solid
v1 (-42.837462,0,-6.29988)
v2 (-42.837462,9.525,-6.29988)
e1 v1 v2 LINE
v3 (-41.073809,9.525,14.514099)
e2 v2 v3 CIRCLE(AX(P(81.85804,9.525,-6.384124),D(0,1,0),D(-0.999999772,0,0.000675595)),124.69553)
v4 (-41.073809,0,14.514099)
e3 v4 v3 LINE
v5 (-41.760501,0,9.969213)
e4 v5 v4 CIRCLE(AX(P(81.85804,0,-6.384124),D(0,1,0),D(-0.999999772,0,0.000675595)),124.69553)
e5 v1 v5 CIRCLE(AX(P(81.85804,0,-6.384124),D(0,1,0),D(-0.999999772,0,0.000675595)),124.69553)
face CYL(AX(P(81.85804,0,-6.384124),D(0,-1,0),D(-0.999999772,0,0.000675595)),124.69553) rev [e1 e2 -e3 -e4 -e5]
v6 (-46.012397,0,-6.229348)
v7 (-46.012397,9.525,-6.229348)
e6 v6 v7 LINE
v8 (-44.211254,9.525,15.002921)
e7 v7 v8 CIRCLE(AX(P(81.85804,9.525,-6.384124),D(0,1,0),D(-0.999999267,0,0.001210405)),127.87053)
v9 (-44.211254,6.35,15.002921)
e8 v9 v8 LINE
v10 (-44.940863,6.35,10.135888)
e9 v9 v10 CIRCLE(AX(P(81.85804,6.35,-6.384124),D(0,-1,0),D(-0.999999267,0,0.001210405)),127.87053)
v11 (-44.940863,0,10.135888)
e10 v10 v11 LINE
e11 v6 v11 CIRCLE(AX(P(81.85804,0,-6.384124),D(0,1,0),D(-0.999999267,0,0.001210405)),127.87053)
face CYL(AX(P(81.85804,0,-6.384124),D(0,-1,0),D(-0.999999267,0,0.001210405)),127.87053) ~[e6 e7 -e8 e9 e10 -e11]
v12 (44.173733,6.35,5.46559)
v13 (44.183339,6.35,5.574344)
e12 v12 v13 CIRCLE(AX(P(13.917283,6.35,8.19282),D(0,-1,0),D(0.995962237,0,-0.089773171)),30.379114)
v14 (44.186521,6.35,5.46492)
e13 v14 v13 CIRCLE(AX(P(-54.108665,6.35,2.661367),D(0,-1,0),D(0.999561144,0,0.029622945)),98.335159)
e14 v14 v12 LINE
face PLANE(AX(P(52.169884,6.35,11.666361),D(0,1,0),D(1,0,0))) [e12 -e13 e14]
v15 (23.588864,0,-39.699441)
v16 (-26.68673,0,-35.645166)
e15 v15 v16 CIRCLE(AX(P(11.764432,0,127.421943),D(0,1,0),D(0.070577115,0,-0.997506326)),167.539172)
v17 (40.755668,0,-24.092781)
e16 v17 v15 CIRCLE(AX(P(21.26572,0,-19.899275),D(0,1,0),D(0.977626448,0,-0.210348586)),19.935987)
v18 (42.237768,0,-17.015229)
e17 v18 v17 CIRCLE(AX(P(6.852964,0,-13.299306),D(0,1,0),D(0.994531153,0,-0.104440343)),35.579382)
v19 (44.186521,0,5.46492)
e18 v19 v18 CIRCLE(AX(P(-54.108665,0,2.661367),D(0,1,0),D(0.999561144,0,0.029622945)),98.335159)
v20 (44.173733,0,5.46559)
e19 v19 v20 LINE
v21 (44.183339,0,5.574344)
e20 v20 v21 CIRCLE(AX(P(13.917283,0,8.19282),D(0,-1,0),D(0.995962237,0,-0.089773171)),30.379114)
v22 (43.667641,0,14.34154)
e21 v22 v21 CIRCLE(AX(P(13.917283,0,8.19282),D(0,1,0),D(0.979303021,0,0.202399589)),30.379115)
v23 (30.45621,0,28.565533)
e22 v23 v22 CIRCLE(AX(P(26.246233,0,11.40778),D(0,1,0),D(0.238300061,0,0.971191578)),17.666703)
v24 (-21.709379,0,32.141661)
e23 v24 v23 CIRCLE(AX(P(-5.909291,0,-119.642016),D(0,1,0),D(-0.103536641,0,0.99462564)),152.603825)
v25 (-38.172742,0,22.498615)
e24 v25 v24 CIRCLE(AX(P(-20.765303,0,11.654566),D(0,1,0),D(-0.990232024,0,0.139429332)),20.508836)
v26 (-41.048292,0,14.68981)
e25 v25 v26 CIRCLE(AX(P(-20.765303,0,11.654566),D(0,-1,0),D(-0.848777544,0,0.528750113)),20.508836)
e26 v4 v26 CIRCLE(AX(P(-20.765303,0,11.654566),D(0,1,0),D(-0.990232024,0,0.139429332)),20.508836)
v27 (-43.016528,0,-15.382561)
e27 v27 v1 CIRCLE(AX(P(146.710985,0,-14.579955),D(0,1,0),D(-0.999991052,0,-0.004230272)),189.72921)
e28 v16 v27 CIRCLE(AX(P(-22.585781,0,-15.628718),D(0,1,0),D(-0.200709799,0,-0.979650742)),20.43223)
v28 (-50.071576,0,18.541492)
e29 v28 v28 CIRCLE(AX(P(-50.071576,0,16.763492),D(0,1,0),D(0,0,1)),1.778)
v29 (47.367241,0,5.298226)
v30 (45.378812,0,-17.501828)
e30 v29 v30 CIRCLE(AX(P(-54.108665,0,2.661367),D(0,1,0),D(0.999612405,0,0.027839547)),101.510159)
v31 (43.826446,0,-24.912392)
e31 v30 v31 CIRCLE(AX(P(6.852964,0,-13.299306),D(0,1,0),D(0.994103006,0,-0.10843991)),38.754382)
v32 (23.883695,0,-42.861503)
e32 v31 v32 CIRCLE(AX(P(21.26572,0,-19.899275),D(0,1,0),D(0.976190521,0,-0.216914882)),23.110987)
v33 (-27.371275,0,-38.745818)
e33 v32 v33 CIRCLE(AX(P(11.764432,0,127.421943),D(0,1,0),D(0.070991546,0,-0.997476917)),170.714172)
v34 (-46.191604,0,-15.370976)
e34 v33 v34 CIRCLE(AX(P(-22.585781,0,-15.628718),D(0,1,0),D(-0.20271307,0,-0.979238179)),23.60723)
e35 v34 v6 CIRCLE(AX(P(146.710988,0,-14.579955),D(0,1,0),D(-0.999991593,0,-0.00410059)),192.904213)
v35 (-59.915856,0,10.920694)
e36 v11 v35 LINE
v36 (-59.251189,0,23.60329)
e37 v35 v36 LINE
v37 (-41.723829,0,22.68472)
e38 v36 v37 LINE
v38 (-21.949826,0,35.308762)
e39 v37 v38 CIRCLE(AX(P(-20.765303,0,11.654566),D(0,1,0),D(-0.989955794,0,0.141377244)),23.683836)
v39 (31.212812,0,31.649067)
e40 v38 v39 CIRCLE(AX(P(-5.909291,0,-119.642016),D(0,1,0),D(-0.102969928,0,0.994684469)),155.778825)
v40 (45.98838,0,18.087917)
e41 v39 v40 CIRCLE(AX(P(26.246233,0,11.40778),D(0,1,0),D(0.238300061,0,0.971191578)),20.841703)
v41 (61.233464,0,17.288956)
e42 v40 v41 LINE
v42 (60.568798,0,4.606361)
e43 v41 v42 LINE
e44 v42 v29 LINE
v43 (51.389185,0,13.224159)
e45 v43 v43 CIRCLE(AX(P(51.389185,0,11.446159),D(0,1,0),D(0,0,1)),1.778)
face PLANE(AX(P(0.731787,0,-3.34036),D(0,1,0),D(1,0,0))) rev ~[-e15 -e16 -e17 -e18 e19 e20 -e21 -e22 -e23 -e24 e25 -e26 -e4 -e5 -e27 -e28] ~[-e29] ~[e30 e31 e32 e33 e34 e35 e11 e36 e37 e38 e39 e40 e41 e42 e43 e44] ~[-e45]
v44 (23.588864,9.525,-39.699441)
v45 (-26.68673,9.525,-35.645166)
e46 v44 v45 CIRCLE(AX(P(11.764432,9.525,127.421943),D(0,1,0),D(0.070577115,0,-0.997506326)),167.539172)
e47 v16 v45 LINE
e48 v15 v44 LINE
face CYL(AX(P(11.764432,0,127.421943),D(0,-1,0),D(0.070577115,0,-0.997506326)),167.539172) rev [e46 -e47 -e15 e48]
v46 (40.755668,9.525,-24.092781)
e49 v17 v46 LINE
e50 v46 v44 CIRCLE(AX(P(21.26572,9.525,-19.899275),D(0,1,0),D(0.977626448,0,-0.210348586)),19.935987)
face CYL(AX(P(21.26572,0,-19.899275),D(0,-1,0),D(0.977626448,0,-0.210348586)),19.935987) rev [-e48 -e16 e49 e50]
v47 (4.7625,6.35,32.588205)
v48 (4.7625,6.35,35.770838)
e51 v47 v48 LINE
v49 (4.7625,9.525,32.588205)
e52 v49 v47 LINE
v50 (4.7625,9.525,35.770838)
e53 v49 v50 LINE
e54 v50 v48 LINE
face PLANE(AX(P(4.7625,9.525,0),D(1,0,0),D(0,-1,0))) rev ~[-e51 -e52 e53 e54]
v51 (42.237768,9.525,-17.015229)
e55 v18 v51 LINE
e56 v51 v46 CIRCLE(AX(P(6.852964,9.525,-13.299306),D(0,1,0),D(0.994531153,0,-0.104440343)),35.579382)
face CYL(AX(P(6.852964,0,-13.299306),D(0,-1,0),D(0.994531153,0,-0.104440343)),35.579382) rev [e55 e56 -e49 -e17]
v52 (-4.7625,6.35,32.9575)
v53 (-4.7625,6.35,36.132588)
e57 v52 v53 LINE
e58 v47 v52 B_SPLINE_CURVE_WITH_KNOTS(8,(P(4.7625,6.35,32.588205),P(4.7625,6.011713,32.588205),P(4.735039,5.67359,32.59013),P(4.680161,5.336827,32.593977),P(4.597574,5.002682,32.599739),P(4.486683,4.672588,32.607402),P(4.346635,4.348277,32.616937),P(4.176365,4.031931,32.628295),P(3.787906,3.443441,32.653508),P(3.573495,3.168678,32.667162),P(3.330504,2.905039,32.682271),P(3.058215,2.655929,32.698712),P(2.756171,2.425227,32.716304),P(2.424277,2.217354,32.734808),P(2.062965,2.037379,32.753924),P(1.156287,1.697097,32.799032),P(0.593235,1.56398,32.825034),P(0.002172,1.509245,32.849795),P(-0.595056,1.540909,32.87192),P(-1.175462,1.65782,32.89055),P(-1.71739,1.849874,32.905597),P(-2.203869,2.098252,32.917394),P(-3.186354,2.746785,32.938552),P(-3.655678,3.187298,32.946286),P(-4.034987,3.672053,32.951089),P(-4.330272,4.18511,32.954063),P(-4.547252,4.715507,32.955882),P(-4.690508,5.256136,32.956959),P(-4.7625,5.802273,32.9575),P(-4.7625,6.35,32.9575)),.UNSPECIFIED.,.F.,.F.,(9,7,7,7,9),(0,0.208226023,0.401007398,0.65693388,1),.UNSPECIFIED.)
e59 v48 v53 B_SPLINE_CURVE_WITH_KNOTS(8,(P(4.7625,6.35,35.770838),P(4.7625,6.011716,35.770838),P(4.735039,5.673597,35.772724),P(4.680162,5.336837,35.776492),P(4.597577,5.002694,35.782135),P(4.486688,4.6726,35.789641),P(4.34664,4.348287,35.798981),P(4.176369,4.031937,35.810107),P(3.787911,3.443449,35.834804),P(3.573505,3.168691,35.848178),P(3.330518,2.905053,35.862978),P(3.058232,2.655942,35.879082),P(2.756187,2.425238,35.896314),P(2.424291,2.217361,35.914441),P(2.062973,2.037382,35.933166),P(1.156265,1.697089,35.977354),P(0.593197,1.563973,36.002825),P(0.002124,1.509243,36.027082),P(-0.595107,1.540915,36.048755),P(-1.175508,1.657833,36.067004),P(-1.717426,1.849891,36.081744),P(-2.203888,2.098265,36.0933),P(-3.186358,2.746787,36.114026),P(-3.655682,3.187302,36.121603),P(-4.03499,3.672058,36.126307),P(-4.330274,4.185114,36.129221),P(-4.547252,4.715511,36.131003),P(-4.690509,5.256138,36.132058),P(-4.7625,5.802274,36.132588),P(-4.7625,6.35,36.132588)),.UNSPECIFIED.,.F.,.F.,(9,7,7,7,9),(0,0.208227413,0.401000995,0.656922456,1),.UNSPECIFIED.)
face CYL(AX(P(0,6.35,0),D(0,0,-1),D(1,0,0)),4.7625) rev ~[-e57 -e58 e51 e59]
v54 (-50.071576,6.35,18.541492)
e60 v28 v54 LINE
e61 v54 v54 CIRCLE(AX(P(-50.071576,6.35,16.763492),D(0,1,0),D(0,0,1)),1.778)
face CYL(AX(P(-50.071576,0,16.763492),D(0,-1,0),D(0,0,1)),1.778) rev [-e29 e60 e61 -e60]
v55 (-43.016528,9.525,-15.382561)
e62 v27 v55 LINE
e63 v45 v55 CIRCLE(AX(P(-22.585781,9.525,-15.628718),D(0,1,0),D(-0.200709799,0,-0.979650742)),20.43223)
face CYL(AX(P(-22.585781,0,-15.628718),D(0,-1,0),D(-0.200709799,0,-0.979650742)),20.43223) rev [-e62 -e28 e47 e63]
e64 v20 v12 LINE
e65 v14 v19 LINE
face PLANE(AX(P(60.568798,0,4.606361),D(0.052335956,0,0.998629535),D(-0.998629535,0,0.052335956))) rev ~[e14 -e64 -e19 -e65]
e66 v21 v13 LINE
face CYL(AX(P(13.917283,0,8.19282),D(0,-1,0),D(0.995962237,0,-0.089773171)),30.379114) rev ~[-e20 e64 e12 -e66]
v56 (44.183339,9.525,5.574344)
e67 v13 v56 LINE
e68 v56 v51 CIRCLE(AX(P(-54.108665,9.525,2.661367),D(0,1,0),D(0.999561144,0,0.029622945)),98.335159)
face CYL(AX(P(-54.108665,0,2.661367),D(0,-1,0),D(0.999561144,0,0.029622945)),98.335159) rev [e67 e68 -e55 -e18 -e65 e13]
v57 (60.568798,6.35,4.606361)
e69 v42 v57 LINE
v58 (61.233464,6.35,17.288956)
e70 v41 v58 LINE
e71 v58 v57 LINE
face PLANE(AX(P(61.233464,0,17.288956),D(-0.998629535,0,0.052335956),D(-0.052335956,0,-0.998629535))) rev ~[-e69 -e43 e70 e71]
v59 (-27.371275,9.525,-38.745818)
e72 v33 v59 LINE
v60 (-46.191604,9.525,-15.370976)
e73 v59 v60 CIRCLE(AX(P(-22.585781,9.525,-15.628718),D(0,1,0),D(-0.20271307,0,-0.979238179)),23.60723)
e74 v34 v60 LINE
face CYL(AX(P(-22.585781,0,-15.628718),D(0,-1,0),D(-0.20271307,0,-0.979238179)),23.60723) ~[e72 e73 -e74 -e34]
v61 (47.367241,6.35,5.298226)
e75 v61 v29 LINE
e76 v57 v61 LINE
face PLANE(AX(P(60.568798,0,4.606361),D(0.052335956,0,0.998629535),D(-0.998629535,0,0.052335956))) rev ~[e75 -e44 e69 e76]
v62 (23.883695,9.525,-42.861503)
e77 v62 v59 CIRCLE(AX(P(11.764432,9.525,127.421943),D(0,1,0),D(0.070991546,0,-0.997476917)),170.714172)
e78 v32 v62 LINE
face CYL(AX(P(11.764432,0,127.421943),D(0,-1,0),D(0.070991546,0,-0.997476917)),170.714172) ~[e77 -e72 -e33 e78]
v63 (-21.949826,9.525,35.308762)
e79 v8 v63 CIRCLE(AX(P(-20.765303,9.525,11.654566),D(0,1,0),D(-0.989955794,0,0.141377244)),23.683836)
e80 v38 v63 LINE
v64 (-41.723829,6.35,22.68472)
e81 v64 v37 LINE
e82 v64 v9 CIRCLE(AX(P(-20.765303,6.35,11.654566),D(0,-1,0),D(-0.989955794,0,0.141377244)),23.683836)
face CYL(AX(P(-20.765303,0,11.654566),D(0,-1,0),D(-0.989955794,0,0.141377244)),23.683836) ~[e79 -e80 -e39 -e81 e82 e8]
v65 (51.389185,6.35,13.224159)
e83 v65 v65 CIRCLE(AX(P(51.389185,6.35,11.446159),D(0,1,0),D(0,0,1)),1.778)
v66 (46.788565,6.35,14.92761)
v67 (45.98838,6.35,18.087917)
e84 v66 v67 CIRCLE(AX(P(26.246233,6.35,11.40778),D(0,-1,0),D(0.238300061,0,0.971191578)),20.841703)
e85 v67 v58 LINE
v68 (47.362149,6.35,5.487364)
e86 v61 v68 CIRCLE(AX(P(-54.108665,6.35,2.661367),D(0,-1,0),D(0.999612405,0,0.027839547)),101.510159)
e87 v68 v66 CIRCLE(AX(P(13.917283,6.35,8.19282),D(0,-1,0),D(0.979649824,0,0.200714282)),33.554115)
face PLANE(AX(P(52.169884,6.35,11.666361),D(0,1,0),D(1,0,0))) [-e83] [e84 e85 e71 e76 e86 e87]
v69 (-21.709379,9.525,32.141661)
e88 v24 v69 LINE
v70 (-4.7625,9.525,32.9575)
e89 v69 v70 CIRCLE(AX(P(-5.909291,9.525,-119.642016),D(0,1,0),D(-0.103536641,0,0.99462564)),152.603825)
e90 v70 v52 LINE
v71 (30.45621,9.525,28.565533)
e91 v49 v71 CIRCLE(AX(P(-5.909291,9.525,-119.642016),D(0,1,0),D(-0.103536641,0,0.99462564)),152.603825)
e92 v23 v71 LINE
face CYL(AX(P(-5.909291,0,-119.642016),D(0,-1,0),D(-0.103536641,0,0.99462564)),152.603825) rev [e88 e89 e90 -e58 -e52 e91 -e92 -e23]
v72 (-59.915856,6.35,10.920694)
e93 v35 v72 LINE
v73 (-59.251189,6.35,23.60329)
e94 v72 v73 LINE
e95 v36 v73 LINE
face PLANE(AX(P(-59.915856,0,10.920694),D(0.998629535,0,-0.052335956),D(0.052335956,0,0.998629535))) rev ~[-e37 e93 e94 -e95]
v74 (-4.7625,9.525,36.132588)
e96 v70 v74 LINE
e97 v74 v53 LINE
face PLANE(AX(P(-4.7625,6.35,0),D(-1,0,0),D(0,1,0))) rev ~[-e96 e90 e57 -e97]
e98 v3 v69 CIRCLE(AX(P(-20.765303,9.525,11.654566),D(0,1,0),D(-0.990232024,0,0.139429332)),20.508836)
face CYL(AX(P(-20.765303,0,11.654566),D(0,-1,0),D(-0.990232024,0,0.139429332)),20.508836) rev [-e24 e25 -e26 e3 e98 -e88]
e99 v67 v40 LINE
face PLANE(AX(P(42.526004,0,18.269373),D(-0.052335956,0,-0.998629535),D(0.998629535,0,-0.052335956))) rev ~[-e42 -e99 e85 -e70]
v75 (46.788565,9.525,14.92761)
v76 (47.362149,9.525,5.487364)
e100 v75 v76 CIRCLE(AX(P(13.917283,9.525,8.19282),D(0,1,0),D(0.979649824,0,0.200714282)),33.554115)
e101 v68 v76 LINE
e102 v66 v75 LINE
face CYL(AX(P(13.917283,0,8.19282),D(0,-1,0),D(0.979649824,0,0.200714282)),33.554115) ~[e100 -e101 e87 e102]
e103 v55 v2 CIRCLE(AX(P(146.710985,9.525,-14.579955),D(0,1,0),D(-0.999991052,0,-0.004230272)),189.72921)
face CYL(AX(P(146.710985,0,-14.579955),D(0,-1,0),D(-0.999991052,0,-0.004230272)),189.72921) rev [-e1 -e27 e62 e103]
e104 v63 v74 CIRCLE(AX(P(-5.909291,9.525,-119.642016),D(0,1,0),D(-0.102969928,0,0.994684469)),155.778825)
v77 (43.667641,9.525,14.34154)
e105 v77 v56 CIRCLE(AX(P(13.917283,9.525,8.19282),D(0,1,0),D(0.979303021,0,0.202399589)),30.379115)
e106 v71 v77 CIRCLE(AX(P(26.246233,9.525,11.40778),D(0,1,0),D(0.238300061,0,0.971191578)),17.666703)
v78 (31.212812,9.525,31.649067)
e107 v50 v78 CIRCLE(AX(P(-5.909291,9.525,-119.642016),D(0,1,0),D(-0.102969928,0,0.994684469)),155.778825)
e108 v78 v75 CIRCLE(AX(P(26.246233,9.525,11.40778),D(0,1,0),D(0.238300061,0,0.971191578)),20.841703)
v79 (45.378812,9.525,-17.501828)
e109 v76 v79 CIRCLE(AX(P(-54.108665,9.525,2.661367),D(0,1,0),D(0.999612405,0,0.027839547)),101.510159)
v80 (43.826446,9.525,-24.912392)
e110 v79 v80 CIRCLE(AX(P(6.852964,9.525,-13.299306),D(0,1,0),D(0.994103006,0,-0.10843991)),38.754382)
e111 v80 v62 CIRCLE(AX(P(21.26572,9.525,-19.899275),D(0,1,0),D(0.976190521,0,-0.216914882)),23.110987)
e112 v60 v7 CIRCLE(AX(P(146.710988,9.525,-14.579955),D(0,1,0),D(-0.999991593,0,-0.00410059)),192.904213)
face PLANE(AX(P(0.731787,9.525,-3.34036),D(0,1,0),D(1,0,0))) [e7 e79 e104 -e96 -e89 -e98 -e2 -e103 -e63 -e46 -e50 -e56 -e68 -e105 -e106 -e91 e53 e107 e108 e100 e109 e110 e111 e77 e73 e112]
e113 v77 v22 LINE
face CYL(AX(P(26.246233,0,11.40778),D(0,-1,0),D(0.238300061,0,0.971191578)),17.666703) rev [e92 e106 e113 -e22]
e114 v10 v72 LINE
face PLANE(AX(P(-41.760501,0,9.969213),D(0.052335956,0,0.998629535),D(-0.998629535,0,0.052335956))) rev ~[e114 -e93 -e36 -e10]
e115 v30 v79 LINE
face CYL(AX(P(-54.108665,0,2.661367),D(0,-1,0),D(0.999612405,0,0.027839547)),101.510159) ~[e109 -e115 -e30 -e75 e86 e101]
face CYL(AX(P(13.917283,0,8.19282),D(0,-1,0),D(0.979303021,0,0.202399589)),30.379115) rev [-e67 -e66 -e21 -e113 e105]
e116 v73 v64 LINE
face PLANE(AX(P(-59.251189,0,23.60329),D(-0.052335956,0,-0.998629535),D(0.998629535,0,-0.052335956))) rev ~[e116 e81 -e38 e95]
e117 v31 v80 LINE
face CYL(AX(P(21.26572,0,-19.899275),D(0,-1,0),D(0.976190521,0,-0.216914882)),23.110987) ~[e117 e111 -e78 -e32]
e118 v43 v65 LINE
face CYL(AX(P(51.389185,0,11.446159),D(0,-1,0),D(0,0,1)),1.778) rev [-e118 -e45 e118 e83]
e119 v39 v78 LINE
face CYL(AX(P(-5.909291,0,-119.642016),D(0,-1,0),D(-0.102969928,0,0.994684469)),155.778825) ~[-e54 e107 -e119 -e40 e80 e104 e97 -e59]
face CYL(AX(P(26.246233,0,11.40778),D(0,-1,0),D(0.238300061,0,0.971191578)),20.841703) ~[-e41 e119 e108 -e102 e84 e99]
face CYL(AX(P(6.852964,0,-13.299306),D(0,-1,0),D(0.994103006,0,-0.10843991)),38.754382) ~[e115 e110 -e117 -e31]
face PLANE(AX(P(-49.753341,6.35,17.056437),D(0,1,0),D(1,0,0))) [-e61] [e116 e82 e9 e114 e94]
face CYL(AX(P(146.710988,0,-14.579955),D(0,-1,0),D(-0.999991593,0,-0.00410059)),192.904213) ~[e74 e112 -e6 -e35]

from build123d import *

# Parameters (mm, degrees)
BOSS_EXTRUDE1_DEPTH = 9.525
SKETCH3_R           = 1.778
BOSS_EXTRUDE2_DEPTH = 6.35
CUT_EXTRUDE1_DEPTH  = 62.992


with BuildPart() as part:
    # Sketch2 → Boss-Extrude1 (new body)
    with BuildSketch(Plane(origin=(0, 0, 0), x_dir=(1, 0, 0), z_dir=(0, 1, 0))):
        with BuildLine():
            ThreePointArc((-27.371275132, 38.745818095), (-40.973617499, 30.433742494), (-46.191603644, 15.370975839))
            ThreePointArc((-46.191603644, 15.370975839), (-46.156170212, 10.799100226), (-46.01239655, 6.229348451))
            ThreePointArc((-46.01239655, 6.229348451), (-45.554867394, -4.424369785), (-44.211253726, -15.00292108))
            ThreePointArc((-44.211253726, -15.00292108), (-36.72609395, -29.152486681), (-21.949825784, -35.308761743))
            ThreePointArc((-21.949825784, -35.308761743), (4.789142288, -35.769006094), (31.212812312, -31.649066671))
            ThreePointArc((31.212812312, -31.649066671), (41.496738573, -25.613366213), (46.788564963, -14.927609673))
            ThreePointArc((46.788564963, -14.927609673), (47.409631974, -10.227797309), (47.362149343, -5.487364219))
            ThreePointArc((47.362149343, -5.487364219), (47.025821725, 6.063769752), (45.378811544, 17.501827706))
            ThreePointArc((45.378811544, 17.501827706), (44.784036993, 21.245111147), (43.826445822, 24.912391724))
            ThreePointArc((43.826445822, 24.912391724), (36.726457071, 37.077263766), (23.883695238, 42.861502743))
            ThreePointArc((23.883695238, 42.861502743), (-1.899636761, 42.744509754), (-27.371275132, 38.745818095))
        make_face()
        with BuildLine():
            ThreePointArc((-26.686729853, 35.645166459), (-38.494719431, 28.449859817), (-43.016527849, 15.382560778))
            ThreePointArc((-43.016527849, 15.382560778), (-42.981363707, 10.840148441), (-42.837461763, 6.299879882))
            ThreePointArc((-42.837461763, 6.299879882), (-42.392238342, -4.14410464), (-41.073809227, -14.514098915))
            ThreePointArc((-41.073809227, -14.514098915), (-34.571127727, -26.820697593), (-21.709378759, -32.141660966))
            ThreePointArc((-21.709378759, -32.141660966), (4.527721192, -32.604481914), (30.456209617, -28.565533412))
            ThreePointArc((30.456209617, -28.565533412), (39.190718322, -23.430787451), (43.667641206, -14.341539963))
            ThreePointArc((43.667641206, -14.341539963), (44.243978017, -9.976676032), (44.183339256, -5.574344354))
            ThreePointArc((44.183339256, -5.574344354), (43.863792824, 5.776703787), (42.237767725, 17.015228877))
            ThreePointArc((42.237767725, 17.015228877), (41.676987361, 20.591755151), (40.755667539, 24.092781371))
            ThreePointArc((40.755667539, 24.092781371), (34.67633853, 34.650507535), (23.588863748, 39.699440682))
            ThreePointArc((23.588863748, 39.699440682), (-1.702378082, 39.575120085), (-26.686729853, 35.645166459))
        make_face(mode=Mode.SUBTRACT)
    extrude(amount=BOSS_EXTRUDE1_DEPTH)

    # Sketch3 → Boss-Extrude2 (add)
    # profile 1 of 2: a face of its own
    with BuildSketch(Plane(origin=(0, 0, 0), x_dir=(1, 0, 0), z_dir=(0, 1, 0))):
        with BuildLine():
            ThreePointArc((43.667641206, -14.341539963), (43.210882804, -16.338608318), (42.526004307, -18.269372853))
            Line((42.526004307, -18.269372853), (61.233464192, -17.288956425))
            Line((61.233464192, -17.288956425), (60.568797548, -4.606361333))
            Line((60.568797548, -4.606361333), (44.173733451, -5.465590234))
            ThreePointArc((44.173733451, -5.465590234), (44.247134499, -9.922178586), (43.667641206, -14.341539963))
        make_face()
        with Locations(Location((51.389184551, -11.446158862, 0), (0, 0, 270))):
            Circle(SKETCH3_R, mode=Mode.SUBTRACT)
    # profile 2 of 2: a face of its own
    with BuildSketch(Plane(origin=(0, 0, 0), x_dir=(1, 0, 0), z_dir=(0, 1, 0))):
        with BuildLine():
            Line((-59.91585582, -10.920694454), (-59.251189176, -23.603289546))
            Line((-59.251189176, -23.603289546), (-38.172742485, -22.498614964))
            ThreePointArc((-38.172742485, -22.498614964), (-40.010730071, -18.741588452), (-41.048292167, -14.689809648))
            ThreePointArc((-41.048292167, -14.689809648), (-41.491708705, -12.342684149), (-41.760500894, -9.96921262))
            Line((-41.760500894, -9.96921262), (-59.91585582, -10.920694454))
        make_face()
        with Locations(Location((-50.07157618, -16.763492017, 0), (0, 0, 270))):
            Circle(SKETCH3_R, mode=Mode.SUBTRACT)
    extrude(amount=BOSS_EXTRUDE2_DEPTH)

    # Sketch4 → Cut-Extrude1 (cut)
    with BuildSketch(Plane.XY):
        with BuildLine():
            Line((-4.7625, 9.525), (4.7625, 9.525))
            Line((4.7625, 9.525), (4.7625, 6.35))
            ThreePointArc((4.7625, 6.35), (0, 1.5875), (-4.7625, 6.35))
            Line((-4.7625, 6.35), (-4.7625, 9.525))
        make_face()
    extrude(amount=CUT_EXTRUDE1_DEPTH, mode=Mode.SUBTRACT)


solid = part.part
